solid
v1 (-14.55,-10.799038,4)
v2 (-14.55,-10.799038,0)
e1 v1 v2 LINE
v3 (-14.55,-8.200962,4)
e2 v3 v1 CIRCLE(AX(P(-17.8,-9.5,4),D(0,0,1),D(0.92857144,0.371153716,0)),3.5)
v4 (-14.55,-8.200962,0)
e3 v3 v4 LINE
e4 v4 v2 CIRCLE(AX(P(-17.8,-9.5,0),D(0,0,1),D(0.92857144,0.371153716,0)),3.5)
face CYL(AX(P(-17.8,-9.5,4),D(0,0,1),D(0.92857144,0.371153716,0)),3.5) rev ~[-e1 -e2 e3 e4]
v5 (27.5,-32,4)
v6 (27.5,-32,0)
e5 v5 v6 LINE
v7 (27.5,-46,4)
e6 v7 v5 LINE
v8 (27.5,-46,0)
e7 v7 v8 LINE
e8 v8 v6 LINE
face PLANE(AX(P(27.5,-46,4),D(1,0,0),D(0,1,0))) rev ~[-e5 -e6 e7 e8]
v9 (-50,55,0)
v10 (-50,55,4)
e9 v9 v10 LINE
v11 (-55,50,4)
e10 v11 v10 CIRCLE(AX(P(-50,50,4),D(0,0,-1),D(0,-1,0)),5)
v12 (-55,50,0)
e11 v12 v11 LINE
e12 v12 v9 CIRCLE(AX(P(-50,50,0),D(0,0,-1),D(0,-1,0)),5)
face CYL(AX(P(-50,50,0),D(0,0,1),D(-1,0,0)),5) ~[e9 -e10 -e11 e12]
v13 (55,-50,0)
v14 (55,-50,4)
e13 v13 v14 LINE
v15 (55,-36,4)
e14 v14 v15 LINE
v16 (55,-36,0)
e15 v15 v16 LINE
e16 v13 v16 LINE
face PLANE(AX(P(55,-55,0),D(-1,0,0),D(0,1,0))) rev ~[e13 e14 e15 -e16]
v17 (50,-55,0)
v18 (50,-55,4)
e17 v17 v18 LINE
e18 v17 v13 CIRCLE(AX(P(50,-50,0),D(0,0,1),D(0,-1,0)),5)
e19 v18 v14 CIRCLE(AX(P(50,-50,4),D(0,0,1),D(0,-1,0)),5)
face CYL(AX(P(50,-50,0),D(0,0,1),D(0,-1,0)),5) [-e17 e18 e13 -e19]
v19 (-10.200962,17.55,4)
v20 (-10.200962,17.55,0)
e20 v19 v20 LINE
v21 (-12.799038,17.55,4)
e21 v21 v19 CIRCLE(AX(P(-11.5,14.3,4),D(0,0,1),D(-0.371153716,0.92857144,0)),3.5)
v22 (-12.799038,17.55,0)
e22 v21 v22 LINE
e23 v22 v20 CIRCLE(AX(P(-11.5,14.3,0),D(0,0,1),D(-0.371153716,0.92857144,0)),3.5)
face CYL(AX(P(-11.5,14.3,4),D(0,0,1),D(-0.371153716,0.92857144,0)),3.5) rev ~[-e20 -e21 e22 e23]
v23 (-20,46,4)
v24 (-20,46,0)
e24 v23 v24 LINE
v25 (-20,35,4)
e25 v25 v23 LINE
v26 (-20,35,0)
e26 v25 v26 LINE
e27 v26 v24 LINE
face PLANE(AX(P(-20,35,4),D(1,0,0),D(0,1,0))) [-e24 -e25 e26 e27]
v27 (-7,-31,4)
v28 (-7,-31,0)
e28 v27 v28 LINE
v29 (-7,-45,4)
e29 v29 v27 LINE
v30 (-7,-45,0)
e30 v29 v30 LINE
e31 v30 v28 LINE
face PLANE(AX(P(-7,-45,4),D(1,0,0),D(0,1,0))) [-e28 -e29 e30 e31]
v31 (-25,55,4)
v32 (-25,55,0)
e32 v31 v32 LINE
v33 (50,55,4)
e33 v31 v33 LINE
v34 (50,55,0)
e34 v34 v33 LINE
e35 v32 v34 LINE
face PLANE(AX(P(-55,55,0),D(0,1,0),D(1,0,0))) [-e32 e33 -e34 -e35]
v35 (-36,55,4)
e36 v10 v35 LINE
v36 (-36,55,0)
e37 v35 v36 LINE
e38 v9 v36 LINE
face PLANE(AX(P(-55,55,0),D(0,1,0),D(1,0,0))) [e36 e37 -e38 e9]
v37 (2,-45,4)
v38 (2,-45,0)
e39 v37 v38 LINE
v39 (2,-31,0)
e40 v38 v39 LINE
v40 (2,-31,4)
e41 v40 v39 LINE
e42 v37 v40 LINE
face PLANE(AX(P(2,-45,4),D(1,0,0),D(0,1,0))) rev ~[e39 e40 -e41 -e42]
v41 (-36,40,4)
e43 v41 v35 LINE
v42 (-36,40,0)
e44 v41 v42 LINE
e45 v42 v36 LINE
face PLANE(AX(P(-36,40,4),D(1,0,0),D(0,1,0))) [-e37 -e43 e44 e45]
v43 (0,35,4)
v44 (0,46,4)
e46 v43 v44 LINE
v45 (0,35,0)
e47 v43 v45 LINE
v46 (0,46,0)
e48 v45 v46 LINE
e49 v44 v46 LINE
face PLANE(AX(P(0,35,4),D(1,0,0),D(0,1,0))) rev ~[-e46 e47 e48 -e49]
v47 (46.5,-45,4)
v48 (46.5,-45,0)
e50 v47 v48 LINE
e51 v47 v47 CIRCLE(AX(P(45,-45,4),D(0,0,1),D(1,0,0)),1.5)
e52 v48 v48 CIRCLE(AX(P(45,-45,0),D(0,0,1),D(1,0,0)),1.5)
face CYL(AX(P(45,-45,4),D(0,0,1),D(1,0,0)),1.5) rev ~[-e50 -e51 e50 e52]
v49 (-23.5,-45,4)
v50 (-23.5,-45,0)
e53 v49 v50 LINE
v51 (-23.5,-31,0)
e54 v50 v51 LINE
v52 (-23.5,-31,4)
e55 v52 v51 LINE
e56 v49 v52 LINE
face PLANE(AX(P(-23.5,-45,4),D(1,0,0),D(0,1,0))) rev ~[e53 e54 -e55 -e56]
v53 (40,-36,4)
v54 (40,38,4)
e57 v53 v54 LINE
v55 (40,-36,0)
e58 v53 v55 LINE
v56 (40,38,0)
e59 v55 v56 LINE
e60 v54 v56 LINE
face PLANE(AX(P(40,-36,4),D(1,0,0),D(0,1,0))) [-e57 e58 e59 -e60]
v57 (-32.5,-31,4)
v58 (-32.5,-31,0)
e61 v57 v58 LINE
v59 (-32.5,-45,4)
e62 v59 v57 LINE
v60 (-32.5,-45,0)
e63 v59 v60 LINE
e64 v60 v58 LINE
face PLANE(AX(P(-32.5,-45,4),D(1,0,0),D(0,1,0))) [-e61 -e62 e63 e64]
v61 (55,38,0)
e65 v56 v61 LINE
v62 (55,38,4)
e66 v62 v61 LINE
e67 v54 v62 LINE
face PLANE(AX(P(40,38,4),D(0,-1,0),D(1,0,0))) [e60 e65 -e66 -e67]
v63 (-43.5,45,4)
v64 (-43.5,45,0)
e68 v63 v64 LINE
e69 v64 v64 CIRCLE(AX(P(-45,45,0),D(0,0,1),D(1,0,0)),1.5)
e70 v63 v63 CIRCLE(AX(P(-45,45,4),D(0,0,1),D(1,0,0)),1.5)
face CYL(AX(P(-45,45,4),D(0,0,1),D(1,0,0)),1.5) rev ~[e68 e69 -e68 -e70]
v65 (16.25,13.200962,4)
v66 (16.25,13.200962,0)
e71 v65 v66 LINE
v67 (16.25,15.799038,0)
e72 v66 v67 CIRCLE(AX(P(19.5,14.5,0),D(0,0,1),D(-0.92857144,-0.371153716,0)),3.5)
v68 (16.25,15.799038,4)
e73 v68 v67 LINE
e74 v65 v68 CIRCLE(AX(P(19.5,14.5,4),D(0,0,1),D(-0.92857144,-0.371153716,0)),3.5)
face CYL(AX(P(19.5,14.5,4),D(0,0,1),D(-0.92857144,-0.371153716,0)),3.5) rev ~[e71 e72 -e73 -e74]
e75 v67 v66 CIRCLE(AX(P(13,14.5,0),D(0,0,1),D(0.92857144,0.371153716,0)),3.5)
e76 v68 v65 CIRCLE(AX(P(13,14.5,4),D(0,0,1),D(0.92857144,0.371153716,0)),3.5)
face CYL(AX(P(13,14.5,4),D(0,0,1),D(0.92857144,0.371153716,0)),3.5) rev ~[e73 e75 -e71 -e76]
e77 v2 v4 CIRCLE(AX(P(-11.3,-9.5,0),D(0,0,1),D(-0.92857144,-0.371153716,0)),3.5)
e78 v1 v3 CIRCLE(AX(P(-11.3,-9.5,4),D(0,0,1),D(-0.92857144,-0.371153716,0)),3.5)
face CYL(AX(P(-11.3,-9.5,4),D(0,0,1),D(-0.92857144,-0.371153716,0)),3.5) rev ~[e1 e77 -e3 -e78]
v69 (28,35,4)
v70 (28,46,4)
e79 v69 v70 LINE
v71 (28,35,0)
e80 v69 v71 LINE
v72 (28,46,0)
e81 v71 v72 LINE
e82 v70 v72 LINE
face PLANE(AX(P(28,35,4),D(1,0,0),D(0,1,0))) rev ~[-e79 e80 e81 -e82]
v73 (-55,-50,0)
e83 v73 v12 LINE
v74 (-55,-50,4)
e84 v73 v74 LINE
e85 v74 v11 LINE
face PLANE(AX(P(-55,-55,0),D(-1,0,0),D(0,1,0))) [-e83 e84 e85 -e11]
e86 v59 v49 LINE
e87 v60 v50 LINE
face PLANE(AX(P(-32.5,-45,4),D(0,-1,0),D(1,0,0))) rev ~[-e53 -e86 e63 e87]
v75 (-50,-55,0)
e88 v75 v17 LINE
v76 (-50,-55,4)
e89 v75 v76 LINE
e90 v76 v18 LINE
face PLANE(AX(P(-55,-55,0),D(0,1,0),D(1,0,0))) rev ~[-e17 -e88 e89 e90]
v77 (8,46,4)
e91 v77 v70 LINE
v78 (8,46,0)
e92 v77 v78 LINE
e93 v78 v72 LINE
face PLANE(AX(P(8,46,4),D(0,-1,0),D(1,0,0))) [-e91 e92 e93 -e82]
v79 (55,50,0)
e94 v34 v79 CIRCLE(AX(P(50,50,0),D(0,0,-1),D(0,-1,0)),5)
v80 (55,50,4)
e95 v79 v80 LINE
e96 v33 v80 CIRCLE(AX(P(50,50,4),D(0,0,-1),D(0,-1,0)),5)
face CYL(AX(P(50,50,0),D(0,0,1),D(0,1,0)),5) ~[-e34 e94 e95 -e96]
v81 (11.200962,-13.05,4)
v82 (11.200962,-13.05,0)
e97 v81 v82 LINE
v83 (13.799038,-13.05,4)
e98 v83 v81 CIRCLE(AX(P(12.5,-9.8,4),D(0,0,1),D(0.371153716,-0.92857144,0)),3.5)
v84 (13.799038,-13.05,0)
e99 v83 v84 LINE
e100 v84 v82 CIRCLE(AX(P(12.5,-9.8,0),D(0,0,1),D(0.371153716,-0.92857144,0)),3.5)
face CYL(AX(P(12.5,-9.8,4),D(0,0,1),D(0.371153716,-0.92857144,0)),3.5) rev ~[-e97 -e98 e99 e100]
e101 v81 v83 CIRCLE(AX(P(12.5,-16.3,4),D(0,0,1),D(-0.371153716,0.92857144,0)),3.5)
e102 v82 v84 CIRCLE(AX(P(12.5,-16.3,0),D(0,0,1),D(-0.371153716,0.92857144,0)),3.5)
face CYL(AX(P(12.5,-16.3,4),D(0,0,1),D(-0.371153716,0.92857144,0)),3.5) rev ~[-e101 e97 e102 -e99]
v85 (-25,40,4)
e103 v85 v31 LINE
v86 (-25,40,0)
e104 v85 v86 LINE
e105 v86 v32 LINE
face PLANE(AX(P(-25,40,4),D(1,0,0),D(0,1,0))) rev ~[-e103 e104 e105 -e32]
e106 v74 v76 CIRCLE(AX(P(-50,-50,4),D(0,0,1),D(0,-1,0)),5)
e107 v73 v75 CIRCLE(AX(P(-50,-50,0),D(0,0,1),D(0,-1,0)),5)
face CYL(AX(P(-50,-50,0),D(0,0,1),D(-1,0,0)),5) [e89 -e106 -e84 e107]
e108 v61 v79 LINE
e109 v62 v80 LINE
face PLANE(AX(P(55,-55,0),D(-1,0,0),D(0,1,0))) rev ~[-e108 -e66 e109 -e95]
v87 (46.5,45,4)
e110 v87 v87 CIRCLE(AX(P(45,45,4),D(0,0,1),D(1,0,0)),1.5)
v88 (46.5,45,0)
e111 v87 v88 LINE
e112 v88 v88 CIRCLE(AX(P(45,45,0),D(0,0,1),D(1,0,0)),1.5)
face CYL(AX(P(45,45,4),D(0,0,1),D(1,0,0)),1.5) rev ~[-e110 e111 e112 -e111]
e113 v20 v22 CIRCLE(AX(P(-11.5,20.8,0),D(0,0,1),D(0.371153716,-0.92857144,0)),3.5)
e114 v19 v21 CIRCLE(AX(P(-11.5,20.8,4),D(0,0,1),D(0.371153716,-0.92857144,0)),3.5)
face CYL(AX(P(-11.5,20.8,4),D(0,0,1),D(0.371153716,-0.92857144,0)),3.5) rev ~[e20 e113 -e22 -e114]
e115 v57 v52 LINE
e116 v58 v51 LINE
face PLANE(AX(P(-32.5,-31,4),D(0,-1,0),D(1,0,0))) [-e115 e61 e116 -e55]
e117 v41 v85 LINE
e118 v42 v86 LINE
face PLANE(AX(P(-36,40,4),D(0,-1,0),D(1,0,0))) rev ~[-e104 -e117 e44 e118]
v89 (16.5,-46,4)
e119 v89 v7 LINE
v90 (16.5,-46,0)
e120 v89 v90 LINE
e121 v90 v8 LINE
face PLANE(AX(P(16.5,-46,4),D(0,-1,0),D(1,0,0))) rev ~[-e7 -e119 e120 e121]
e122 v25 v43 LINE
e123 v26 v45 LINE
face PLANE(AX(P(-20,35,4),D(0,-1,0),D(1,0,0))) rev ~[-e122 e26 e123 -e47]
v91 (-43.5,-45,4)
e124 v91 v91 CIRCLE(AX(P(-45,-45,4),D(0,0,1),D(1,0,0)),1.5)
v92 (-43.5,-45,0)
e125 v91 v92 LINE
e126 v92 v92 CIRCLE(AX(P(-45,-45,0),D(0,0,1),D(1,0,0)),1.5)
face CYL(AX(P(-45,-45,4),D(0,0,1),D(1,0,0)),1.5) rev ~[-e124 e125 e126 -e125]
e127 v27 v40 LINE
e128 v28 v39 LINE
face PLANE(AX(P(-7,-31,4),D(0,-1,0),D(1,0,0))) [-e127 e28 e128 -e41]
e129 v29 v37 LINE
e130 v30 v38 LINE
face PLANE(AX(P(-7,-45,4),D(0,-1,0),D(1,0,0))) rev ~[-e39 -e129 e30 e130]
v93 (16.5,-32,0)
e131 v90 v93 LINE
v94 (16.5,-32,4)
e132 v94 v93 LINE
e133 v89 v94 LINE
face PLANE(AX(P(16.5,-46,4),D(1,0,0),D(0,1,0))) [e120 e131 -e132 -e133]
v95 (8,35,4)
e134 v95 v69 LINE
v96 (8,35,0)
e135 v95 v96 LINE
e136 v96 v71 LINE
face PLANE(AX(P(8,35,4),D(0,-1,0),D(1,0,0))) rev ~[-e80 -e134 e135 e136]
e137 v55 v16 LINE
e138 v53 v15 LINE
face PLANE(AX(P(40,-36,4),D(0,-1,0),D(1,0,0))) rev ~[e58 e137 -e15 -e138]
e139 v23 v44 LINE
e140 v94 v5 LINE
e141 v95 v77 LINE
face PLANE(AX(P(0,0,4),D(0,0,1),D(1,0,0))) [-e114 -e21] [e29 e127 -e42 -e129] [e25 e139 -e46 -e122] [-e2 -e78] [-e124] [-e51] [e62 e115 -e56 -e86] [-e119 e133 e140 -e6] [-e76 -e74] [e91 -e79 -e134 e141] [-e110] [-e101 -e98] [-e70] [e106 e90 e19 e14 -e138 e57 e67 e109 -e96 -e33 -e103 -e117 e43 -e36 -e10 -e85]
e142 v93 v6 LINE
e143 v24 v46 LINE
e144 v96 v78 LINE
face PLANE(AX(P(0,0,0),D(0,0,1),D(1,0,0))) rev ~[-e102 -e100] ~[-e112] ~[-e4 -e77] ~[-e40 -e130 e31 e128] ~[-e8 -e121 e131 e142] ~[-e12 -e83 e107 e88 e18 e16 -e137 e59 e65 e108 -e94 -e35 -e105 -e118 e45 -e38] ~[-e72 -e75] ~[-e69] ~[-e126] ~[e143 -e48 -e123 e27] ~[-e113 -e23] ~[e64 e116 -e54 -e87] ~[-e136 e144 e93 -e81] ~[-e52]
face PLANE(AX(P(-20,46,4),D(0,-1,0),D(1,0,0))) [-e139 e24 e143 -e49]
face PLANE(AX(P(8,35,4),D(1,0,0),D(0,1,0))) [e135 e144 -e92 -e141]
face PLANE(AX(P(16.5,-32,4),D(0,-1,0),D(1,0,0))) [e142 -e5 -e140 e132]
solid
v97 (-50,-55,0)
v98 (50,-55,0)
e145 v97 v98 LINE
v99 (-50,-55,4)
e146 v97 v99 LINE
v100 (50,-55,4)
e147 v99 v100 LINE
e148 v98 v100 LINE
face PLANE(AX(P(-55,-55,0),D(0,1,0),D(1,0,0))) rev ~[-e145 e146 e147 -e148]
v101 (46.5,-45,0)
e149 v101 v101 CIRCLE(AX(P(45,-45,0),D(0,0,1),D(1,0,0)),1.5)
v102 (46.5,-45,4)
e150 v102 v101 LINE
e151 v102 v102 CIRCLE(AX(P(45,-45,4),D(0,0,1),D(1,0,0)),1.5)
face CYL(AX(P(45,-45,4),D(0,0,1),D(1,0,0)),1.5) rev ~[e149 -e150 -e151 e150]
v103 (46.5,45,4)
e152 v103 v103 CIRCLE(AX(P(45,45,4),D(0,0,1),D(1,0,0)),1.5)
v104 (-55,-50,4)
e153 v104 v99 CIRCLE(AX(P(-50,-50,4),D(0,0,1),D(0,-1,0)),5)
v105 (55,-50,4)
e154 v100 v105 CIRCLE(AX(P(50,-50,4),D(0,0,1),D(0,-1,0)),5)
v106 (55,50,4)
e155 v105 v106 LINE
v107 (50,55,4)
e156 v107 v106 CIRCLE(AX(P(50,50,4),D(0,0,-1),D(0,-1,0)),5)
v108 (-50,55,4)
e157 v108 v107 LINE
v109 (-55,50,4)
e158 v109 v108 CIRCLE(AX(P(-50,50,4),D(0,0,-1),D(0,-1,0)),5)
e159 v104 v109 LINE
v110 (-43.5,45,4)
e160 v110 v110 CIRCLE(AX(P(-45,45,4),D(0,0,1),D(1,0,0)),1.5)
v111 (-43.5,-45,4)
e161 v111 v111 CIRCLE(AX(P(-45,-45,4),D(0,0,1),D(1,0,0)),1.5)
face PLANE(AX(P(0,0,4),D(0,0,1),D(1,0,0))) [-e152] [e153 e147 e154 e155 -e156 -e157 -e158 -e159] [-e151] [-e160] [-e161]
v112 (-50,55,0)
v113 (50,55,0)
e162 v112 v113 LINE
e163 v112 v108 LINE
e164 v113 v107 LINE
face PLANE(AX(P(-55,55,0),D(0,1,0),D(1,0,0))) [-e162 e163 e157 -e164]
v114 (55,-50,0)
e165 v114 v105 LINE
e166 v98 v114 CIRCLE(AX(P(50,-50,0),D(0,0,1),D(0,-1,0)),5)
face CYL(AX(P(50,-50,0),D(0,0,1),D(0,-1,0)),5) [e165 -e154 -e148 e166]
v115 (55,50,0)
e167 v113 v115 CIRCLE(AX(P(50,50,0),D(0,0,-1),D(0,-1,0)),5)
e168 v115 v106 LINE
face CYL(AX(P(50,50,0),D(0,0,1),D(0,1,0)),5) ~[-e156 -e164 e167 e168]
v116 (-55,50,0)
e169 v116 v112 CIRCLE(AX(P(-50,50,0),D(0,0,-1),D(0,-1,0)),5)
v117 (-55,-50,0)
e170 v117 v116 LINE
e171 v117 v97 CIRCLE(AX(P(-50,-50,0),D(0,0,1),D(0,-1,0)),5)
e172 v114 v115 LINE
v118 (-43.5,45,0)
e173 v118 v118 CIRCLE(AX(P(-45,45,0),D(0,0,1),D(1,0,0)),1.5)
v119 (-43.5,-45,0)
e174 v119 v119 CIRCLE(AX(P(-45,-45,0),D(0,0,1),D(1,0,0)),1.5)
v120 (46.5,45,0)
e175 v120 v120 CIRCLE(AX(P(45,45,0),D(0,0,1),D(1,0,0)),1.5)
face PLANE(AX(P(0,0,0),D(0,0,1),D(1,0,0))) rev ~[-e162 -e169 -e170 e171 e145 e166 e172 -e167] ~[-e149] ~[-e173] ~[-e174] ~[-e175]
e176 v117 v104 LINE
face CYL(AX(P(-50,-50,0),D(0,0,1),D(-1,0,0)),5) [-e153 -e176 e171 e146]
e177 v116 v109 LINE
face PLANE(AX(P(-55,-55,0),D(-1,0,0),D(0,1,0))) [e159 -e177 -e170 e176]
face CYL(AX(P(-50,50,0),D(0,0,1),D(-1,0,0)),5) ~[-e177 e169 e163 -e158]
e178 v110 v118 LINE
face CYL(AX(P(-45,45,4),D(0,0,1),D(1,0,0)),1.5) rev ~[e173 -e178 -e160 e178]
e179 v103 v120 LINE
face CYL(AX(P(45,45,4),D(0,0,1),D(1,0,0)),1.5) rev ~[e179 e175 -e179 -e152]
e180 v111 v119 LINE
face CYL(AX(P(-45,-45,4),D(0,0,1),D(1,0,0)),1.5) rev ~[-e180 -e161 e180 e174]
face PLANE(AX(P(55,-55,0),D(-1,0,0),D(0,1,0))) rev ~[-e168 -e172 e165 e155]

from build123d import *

# Parameters (mm, degrees)
SKETCH_W        = 110
SKETCH_H        = 110
PAD_DEPTH       = 4
SKETCH001_R     = 1.5
POCKET_DEPTH    = 4
FILLET_R        = 5
SKETCH002_W     = 110
SKETCH002_H     = 110
PAD001_DEPTH    = 4
SKETCH003_R     = 1.5
POCKET001_DEPTH = 4
FILLET001_R     = 5
SKETCH004_W     = 15
SKETCH004_H     = 74
SKETCH004_W_2   = 11
SKETCH004_H_2   = 15
POCKET002_DEPTH = 4
SKETCH005_W     = 20
SKETCH005_H     = 11
SKETCH005_W_2   = 9
SKETCH005_H_2   = 14
SKETCH005_W_3   = 11
POCKET003_DEPTH = 4
POCKET004_DEPTH = 4


with BuildPart() as bottom:
    # Sketch → Pad (new body)
    with BuildSketch(Plane.XY):
        Rectangle(SKETCH_W, SKETCH_H)
    extrude(amount=PAD_DEPTH)

    # Sketch001 (on Face6 of Pad) → Pocket (cut)
    with BuildSketch(Plane.XY.offset(4)):
        with Locations((-45, 45)):
            Circle(SKETCH001_R)
        with Locations((45, 45)):
            Circle(SKETCH001_R)
        with Locations((-45, -45)):
            Circle(SKETCH001_R)
        with Locations((45, -45)):
            Circle(SKETCH001_R)
    extrude(amount=-POCKET_DEPTH, mode=Mode.SUBTRACT)

    # Fillet
    fillet_edges = [bottom.edges().sort_by_distance(p)[0] for p in [
        (55, -55, 2),
        (-55, -55, 2),
        (55, 55, 2),
        (-55, 55, 2),
    ]]
    fillet(fillet_edges, radius=FILLET_R)


with BuildPart() as top:
    # Sketch002 → Pad001 (new body)
    with BuildSketch(Plane.XY):
        Rectangle(SKETCH002_W, SKETCH002_H)
    extrude(amount=PAD001_DEPTH)

    # Sketch003 (on Face6 of Pad001) → Pocket001 (cut)
    with BuildSketch(Plane.XY.offset(4)):
        with Locations((-45, 45)):
            Circle(SKETCH003_R)
        with Locations((45, 45)):
            Circle(SKETCH003_R)
        with Locations((-45, -45)):
            Circle(SKETCH003_R)
        with Locations((45, -45)):
            Circle(SKETCH003_R)
    extrude(amount=-POCKET001_DEPTH, mode=Mode.SUBTRACT)

    # Fillet001
    fillet001_edges = [top.edges().sort_by_distance(p)[0] for p in [
        (55, -55, 2),
        (-55, -55, 2),
        (55, 55, 2),
        (-55, 55, 2),
    ]]
    fillet(fillet001_edges, radius=FILLET001_R)

    # Sketch004 (on Face5 of Fillet001) → Pocket002 (cut)
    with BuildSketch(Plane.XY.offset(4)):
        with Locations((47.5, 1)):
            Rectangle(SKETCH004_W, SKETCH004_H)
        with Locations((-30.5, 47.5)):
            Rectangle(SKETCH004_W_2, SKETCH004_H_2)
    extrude(amount=-POCKET002_DEPTH, mode=Mode.SUBTRACT)

    # Sketch005 (on Face4 of Pocket002) → Pocket003 (cut)
    with BuildSketch(Plane.XY.offset(4)):
        with Locations((-10, 40.5)):
            Rectangle(SKETCH005_W, SKETCH005_H)
        with Locations((18, 40.5)):
            Rectangle(SKETCH005_W, SKETCH005_H)
        with Locations((-28, -38)):
            Rectangle(SKETCH005_W_2, SKETCH005_H_2)
        with Locations((-2.5, -38)):
            Rectangle(SKETCH005_W_2, SKETCH005_H_2)
        with Locations((22, -39)):
            Rectangle(SKETCH005_W_3, SKETCH005_H_2)
    extrude(amount=-POCKET003_DEPTH, mode=Mode.SUBTRACT)

    # Sketch006 (on Face4 of Pocket003) → Pocket004 (cut)
    with BuildSketch(Plane.XY.offset(4)):
        with BuildLine():
            ThreePointArc((-12.799038, 17.55), (-11.5, 10.8), (-10.200962, 17.55))
            ThreePointArc((-10.200962, 17.55), (-11.5, 24.3), (-12.799038, 17.55))
        make_face()
        with BuildLine():
            ThreePointArc((16.25, 15.799038), (9.5, 14.5), (16.25, 13.200962))
            ThreePointArc((16.25, 13.200962), (23, 14.5), (16.25, 15.799038))
        make_face()
        with BuildLine():
            ThreePointArc((13.799038, -13.05), (12.5, -6.3), (11.200962, -13.05))
            ThreePointArc((11.200962, -13.05), (12.5, -19.8), (13.799038, -13.05))
        make_face()
        with BuildLine():
            ThreePointArc((-14.55, -10.799038), (-7.8, -9.5), (-14.55, -8.200962))
            ThreePointArc((-14.55, -8.200962), (-21.3, -9.5), (-14.55, -10.799038))
        make_face()
    extrude(amount=-POCKET004_DEPTH, mode=Mode.SUBTRACT)


solid = Compound([bottom.part, top.part])
